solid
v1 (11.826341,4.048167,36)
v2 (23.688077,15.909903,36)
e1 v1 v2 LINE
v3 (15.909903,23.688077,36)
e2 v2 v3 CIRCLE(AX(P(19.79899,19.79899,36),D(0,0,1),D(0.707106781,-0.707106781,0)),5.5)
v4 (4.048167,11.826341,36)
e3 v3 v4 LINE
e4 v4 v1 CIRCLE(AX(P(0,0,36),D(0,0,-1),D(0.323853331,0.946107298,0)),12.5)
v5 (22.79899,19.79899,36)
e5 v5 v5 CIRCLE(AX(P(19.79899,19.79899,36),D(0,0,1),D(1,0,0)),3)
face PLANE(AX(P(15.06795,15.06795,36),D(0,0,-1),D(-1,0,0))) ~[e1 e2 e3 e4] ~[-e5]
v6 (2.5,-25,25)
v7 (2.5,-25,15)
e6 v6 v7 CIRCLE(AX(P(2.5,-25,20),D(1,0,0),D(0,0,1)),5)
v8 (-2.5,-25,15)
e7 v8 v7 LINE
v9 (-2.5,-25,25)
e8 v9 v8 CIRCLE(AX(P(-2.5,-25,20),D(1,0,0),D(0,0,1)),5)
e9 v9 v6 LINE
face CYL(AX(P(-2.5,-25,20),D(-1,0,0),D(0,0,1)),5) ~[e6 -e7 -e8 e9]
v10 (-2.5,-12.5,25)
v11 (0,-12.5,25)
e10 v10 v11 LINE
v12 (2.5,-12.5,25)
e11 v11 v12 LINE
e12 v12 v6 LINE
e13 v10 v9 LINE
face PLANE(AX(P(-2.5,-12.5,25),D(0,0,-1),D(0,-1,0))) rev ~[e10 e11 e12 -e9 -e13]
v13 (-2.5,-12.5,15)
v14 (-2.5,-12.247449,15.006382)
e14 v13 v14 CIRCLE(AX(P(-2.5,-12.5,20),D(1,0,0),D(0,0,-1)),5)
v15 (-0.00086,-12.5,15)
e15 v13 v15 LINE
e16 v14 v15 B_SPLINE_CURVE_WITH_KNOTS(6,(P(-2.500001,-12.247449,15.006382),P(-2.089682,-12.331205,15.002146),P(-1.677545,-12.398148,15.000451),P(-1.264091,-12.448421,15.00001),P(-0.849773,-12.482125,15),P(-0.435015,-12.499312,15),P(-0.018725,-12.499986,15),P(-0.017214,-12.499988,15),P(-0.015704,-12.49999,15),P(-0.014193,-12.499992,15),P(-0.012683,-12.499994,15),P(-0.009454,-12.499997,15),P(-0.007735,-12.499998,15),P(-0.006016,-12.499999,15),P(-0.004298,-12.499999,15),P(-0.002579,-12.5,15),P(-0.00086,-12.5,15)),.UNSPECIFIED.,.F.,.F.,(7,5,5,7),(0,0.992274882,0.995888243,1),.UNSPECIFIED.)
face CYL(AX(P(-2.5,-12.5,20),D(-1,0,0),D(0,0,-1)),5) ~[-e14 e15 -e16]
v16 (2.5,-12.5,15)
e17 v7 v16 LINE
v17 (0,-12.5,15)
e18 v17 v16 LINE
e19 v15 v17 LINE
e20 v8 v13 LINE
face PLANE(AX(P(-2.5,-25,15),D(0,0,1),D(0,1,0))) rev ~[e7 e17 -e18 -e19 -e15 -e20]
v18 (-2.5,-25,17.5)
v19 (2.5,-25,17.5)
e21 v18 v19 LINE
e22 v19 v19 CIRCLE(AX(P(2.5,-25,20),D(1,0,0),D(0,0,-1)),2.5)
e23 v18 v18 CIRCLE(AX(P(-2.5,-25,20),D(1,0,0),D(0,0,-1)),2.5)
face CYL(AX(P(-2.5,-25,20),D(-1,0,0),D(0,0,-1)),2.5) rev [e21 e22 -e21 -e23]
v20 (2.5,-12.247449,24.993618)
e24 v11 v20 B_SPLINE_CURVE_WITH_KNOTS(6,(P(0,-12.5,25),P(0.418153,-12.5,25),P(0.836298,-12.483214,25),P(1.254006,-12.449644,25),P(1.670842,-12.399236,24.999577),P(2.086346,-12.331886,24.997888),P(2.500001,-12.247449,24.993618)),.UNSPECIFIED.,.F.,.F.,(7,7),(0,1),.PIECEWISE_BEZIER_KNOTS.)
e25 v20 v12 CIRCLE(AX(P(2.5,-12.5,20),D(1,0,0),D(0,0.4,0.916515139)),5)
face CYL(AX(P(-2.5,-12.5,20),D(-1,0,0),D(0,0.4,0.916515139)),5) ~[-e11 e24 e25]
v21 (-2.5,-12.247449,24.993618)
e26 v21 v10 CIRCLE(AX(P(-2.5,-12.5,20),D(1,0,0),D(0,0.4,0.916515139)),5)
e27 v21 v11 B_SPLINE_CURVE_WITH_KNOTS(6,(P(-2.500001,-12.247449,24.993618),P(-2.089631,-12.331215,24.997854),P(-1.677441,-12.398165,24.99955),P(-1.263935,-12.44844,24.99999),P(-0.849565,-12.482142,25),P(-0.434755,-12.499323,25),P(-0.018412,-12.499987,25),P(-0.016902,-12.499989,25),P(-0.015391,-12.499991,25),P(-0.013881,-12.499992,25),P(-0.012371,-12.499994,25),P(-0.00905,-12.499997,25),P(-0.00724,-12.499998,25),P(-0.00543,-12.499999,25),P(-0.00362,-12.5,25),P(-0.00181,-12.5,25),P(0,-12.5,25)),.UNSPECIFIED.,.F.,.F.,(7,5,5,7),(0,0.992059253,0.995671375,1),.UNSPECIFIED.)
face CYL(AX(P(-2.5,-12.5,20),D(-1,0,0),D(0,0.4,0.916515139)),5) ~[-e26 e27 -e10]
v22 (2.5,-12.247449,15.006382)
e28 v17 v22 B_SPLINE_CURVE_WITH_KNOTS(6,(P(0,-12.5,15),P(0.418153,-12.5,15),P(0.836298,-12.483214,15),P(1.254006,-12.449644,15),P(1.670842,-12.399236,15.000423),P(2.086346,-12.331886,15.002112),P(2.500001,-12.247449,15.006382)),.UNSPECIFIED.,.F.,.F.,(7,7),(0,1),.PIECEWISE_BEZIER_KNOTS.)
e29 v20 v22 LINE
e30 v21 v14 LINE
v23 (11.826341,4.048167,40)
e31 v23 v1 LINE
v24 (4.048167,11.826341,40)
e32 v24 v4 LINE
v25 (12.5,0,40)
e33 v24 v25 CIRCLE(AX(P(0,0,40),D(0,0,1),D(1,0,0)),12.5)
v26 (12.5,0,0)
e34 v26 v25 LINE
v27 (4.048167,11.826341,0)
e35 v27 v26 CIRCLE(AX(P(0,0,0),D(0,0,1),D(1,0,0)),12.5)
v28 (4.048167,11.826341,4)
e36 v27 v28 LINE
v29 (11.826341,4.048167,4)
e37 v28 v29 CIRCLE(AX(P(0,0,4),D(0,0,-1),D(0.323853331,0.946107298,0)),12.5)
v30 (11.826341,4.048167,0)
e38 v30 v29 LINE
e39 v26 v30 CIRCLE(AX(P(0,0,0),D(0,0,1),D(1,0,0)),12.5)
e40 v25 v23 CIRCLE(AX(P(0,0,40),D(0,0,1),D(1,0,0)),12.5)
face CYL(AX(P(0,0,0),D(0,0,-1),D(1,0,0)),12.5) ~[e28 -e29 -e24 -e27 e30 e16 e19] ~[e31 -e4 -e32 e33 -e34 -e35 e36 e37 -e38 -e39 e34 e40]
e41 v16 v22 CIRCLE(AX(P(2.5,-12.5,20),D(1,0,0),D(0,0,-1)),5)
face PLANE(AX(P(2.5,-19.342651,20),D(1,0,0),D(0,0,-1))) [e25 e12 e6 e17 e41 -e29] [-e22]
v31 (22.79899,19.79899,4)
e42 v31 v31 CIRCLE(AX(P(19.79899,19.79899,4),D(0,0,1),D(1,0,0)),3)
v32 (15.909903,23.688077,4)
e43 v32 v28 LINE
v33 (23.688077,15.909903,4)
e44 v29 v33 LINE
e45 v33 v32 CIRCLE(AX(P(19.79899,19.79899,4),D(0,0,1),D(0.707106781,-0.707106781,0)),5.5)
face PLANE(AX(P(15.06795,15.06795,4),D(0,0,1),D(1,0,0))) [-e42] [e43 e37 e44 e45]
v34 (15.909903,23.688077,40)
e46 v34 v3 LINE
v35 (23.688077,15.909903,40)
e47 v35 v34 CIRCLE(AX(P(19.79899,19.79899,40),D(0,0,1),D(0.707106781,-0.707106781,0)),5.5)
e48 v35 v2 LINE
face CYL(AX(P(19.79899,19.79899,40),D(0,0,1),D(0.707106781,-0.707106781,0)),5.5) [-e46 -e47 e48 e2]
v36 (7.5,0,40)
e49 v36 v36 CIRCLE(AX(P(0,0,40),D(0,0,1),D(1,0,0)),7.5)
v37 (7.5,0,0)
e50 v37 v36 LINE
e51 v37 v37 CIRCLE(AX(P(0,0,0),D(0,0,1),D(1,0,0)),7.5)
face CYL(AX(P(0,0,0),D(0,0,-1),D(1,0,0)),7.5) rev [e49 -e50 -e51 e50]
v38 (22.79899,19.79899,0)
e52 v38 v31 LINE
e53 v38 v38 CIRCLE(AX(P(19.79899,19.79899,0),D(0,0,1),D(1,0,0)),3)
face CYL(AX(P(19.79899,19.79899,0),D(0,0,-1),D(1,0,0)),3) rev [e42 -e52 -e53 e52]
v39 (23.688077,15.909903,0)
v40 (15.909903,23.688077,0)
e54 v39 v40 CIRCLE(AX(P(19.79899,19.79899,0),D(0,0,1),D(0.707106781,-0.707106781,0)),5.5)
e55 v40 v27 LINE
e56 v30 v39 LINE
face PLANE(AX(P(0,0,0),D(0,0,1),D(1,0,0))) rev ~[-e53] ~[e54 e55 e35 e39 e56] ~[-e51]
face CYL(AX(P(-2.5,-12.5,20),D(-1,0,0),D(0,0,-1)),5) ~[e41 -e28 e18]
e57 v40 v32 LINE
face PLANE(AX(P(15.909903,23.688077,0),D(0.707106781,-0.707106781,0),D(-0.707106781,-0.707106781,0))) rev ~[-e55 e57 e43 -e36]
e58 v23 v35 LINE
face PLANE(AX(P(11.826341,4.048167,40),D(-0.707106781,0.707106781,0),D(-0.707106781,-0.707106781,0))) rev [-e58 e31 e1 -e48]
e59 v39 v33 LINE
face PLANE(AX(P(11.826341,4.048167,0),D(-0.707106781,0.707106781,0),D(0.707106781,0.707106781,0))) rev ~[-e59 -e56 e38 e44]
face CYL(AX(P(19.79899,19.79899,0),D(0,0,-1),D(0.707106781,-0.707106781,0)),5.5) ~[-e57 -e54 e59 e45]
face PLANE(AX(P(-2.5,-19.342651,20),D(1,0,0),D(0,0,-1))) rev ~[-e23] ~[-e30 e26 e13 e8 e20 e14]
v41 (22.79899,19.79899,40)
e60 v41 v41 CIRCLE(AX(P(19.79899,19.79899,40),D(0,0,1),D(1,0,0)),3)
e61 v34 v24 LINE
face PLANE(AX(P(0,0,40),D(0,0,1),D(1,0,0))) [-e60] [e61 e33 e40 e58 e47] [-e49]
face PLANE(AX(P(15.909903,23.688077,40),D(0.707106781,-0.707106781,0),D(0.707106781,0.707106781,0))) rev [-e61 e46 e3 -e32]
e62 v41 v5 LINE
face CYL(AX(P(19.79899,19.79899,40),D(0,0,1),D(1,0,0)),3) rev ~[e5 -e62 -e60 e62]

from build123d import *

# Parameters (mm, degrees)
SKETCH_1_R           = 12.5
SKETCH_1_R_2         = 7.5
EXTRUDE_1_DEPTH      = 40
SKETCH_1_4_R         = 3
EXTRUDE_3_DEPTH      = 4
EXTRUDE_4_DEPTH      = 2.5
EXTRUDE_4_DEPTH_BACK = 2.5
SKETCH_2_R           = 2.5


with BuildPart() as part:
    # Эскиз1 → Бобышка-Вытянуть1 (new body)
    with BuildSketch(Plane.XY):
        Circle(SKETCH_1_R)
        Circle(SKETCH_1_R_2, mode=Mode.SUBTRACT)
    extrude(amount=EXTRUDE_1_DEPTH)

    # Эскиз1<4> → Бобышка-Вытянуть3 (add)
    with BuildSketch(Plane.XY):
        with BuildLine():
            Line((15.909902577, 23.68807717), (4.048166637, 11.82634123))
            ThreePointArc((4.048166637, 11.82634123), (8.838834765, 8.838834765), (11.82634123, 4.048166637))
            Line((11.82634123, 4.048166637), (23.68807717, 15.909902577))
            ThreePointArc((23.68807717, 15.909902577), (23.68807717, 23.68807717), (15.909902577, 23.68807717))
        make_face()
        with Locations((19.798989873, 19.798989873)):
            Circle(SKETCH_1_4_R, mode=Mode.SUBTRACT)
    extrude_3 = extrude(amount=EXTRUDE_3_DEPTH)

    # Зеркальное отражение1: Бобышка-Вытянуть3 across plane
    add(extrude_3.mirror(Plane.XY.offset(20)))

    # Эскиз2 → Бобышка-Вытянуть4 (add, two sides: drawn at the far end of the back side and taken through both)
    with BuildSketch(Plane(origin=(0, 0, 0), x_dir=(0, 0, -1), z_dir=(1, 0, 0)).offset(-EXTRUDE_4_DEPTH_BACK)):
        with BuildLine():
            Line((-25, -12.5), (-25, -25))
            ThreePointArc((-25, -25), (-20, -30), (-15, -25))
            Line((-15, -25), (-15, -12.5))
            ThreePointArc((-15, -12.5), (-15.105468435, -11.478451782), (-15.417424305, -10.5))
            Line((-15.417424305, -10.5), (-24.582575695, -10.5))
            ThreePointArc((-24.582575695, -10.5), (-24.894531565, -11.478451782), (-25, -12.5))
        make_face()
        with Locations((-20, -25)):
            Circle(SKETCH_2_R, mode=Mode.SUBTRACT)
    extrude(amount=EXTRUDE_4_DEPTH + EXTRUDE_4_DEPTH_BACK)


solid = part.part
